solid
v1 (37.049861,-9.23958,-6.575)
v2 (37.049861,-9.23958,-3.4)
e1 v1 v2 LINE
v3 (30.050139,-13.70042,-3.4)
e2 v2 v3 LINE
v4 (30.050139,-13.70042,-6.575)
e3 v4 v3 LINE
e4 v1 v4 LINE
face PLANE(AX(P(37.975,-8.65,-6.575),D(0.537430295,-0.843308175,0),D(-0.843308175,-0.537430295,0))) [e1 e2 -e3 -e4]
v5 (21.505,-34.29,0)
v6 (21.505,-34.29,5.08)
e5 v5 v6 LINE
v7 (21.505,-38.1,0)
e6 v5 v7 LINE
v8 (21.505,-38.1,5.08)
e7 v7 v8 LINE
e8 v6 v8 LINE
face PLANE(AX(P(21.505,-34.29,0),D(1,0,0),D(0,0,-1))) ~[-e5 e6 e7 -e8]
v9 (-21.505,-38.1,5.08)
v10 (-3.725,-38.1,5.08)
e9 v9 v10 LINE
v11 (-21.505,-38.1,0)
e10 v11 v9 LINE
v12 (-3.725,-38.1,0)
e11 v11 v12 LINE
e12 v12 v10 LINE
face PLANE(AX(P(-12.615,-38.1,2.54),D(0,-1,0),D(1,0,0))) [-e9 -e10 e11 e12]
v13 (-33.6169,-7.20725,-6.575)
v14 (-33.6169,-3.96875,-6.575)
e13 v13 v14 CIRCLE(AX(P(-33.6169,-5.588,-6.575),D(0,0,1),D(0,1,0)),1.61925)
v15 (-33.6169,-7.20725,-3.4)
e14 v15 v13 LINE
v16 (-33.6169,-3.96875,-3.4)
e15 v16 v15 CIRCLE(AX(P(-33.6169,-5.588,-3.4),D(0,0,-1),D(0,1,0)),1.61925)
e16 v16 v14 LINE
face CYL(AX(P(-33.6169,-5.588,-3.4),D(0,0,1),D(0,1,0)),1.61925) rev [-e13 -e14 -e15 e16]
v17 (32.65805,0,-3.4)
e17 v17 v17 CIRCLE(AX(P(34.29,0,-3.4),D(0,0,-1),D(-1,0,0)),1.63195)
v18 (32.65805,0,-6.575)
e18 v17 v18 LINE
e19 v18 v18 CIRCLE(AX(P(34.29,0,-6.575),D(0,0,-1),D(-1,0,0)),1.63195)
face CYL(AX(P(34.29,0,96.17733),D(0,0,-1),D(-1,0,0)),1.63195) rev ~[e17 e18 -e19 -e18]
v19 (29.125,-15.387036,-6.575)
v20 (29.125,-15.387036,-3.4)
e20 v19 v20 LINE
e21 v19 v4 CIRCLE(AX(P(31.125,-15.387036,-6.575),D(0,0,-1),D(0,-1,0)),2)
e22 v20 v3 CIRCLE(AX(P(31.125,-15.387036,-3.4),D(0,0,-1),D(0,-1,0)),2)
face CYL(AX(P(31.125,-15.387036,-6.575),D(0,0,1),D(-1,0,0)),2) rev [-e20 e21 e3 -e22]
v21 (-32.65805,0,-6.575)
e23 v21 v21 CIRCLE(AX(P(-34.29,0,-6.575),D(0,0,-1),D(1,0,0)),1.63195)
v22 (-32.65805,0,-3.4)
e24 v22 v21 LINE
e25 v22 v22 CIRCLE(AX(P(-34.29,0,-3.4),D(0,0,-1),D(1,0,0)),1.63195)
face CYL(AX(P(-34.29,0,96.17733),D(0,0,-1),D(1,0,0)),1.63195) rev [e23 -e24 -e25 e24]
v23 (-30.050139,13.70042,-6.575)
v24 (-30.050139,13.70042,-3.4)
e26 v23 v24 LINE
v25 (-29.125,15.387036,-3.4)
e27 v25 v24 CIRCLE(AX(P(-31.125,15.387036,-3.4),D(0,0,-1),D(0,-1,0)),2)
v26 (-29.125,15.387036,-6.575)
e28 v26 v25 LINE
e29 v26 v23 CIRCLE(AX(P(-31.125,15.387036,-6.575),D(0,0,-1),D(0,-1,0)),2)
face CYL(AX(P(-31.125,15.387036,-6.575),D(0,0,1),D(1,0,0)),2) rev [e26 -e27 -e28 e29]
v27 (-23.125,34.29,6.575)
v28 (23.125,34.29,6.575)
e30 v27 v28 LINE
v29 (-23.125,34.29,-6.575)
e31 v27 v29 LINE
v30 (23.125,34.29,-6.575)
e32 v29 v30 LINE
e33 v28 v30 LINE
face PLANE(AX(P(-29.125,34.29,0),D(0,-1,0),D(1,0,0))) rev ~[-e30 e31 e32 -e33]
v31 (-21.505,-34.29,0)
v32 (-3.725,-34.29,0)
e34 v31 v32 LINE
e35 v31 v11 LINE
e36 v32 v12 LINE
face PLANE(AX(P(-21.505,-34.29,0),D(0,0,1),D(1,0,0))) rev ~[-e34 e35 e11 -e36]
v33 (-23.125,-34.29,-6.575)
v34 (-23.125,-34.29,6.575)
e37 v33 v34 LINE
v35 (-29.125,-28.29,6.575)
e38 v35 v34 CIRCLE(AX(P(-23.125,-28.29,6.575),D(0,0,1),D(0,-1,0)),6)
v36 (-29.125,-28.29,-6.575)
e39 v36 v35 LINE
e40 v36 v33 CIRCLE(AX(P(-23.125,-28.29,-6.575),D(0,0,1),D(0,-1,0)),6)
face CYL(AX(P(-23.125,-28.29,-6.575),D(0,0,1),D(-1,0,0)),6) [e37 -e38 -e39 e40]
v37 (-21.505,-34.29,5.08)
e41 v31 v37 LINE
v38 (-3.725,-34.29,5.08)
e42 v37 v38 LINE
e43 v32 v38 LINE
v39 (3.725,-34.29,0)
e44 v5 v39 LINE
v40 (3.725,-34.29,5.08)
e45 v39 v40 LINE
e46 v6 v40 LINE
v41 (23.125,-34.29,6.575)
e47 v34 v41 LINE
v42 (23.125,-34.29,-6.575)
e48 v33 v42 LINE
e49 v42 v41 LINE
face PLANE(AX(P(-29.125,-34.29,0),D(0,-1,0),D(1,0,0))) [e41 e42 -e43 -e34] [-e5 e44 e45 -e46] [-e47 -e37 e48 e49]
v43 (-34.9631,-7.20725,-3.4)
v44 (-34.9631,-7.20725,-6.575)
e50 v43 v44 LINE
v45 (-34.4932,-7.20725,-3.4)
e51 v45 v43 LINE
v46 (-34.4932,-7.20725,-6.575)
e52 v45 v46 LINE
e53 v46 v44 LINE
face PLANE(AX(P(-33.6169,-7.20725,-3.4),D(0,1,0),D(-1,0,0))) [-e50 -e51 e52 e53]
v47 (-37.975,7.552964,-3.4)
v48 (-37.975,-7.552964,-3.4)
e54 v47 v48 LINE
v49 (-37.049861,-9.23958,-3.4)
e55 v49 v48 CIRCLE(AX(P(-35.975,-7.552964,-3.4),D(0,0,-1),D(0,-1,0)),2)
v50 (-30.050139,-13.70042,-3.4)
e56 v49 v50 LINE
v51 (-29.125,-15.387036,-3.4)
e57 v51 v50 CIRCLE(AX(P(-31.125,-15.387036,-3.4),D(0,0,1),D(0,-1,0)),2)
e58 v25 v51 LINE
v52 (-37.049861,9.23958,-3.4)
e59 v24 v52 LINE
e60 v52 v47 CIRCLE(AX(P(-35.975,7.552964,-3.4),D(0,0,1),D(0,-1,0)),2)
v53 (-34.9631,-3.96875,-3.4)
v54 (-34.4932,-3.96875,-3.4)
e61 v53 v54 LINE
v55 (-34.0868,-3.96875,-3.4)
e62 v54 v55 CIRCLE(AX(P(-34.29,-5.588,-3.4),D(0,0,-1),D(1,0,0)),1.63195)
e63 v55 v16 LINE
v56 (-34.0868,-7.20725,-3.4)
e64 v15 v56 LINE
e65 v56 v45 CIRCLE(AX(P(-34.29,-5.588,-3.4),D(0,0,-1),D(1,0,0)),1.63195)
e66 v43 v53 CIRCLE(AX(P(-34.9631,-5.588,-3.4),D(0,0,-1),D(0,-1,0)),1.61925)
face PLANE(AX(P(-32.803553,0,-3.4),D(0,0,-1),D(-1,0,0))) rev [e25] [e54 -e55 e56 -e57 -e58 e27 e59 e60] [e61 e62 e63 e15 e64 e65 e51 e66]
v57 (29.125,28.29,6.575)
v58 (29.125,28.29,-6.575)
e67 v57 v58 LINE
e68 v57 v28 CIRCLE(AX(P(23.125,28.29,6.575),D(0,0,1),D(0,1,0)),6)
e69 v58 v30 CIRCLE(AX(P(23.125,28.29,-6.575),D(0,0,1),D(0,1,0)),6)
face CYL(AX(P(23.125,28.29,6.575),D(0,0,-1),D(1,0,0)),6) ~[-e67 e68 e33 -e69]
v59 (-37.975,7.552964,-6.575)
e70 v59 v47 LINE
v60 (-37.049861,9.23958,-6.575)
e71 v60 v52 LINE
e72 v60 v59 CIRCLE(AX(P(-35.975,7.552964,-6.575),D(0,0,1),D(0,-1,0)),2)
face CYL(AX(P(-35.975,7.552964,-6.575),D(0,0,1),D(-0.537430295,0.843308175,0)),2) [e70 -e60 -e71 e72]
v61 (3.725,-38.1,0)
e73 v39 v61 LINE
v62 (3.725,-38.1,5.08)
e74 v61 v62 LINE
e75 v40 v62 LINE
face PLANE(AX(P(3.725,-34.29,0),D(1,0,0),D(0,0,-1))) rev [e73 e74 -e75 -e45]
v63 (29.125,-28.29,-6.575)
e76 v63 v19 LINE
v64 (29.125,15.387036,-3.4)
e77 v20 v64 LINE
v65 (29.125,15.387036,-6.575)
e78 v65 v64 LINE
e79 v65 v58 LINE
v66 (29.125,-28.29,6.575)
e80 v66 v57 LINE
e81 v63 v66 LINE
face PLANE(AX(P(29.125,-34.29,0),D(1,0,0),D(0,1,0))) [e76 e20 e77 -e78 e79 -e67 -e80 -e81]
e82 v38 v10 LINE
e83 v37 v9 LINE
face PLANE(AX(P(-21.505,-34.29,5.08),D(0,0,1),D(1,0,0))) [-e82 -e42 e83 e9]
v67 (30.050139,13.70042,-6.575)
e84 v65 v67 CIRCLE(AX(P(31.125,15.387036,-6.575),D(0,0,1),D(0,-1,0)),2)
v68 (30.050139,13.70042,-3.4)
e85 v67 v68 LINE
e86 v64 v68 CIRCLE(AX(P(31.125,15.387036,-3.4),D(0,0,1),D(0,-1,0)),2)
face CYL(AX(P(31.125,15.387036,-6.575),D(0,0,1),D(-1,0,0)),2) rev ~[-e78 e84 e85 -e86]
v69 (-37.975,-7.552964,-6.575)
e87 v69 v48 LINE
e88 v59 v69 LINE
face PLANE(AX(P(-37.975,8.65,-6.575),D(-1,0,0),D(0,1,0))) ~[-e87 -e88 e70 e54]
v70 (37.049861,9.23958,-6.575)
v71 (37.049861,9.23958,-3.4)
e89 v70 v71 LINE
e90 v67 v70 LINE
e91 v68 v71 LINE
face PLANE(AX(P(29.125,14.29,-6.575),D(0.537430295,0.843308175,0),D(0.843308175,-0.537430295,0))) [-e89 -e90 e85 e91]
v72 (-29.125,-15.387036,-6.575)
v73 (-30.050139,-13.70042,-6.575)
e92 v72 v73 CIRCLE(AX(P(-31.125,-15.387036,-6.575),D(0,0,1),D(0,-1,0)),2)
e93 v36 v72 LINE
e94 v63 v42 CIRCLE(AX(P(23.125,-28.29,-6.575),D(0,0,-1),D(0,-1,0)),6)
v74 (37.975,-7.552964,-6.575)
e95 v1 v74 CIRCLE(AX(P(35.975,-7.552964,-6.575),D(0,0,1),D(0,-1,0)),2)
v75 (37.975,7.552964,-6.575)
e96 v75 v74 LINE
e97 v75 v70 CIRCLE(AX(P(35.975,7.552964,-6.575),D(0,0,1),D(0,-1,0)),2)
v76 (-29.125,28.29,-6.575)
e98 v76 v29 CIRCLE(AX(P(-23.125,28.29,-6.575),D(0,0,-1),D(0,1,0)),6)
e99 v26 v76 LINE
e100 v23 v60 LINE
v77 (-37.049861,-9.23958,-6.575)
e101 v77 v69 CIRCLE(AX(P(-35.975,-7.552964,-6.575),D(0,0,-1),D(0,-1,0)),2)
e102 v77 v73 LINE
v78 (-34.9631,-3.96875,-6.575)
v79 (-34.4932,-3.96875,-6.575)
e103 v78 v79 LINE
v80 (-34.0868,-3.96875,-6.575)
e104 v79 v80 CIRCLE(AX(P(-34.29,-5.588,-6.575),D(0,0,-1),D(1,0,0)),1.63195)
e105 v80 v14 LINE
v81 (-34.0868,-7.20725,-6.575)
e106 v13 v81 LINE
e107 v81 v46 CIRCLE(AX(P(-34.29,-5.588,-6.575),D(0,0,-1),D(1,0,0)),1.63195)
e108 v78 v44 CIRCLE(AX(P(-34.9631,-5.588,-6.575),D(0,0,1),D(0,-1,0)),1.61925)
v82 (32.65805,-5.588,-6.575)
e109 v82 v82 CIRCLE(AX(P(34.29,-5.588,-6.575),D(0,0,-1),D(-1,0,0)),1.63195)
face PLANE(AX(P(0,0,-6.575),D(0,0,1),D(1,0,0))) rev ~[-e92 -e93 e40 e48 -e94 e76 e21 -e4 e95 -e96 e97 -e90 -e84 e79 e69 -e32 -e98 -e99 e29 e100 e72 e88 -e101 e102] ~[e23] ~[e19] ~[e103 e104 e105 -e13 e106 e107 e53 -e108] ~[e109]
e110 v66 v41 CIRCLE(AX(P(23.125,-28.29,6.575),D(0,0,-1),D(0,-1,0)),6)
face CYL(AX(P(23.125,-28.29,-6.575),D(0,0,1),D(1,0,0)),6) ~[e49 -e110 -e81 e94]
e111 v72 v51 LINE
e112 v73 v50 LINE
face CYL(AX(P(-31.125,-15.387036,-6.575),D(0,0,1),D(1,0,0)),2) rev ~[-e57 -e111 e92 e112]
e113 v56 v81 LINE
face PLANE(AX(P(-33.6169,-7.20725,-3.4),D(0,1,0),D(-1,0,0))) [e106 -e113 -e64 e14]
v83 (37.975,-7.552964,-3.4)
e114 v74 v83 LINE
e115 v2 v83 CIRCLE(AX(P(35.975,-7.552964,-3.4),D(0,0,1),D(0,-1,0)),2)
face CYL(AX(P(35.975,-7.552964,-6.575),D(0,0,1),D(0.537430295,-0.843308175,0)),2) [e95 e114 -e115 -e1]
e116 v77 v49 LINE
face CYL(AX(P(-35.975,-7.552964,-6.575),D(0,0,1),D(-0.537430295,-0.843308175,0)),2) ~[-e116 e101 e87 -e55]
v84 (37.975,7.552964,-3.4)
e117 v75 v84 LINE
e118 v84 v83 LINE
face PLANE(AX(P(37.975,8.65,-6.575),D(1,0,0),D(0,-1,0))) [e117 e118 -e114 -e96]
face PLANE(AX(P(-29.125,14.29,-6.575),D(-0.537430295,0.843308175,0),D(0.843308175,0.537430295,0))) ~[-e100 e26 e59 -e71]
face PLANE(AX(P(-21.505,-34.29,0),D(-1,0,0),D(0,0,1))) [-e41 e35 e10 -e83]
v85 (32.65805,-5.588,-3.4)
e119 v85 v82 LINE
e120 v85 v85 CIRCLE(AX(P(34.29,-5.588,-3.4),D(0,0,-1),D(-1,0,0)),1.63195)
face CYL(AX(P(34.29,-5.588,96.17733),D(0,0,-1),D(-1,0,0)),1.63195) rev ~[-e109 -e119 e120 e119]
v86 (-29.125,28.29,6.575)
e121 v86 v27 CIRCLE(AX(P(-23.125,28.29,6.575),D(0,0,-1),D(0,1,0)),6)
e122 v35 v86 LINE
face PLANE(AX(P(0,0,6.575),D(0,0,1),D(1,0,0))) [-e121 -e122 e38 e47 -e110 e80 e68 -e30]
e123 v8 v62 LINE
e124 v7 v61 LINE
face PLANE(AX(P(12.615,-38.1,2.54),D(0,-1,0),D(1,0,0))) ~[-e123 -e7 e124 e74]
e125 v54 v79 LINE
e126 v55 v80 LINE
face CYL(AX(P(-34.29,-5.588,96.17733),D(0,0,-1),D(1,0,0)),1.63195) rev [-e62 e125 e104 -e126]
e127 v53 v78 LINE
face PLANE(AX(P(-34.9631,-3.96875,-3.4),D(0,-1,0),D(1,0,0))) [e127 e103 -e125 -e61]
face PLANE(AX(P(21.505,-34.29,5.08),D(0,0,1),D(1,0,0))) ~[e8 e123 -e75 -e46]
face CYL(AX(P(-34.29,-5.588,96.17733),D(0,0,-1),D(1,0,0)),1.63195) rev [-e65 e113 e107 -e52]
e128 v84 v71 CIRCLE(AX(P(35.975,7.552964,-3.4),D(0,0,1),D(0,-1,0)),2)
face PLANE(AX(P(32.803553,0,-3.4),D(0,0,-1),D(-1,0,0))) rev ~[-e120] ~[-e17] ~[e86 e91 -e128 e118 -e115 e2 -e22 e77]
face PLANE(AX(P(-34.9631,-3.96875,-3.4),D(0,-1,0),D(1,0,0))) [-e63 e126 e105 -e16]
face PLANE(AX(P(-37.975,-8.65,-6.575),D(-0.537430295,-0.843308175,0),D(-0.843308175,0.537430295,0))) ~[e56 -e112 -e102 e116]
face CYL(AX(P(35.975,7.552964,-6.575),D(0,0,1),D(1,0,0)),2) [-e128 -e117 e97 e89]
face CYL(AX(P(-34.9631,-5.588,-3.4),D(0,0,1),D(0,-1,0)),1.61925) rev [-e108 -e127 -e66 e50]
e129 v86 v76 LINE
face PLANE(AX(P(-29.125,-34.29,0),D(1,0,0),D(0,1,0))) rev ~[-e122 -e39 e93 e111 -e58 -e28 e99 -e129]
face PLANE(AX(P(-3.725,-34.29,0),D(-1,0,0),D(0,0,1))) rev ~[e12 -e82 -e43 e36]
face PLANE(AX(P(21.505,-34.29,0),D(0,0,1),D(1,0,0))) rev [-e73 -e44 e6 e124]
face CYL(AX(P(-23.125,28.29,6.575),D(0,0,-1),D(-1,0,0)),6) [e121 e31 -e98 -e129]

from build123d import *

# Parameters (mm, degrees)
SKETCH1_W                    = 58.25
SKETCH1_H                    = 68.58
BOSS_EXTRUDE1_DEPTH          = 6.575
FILLET1_R                    = 6
BOSS_EXTRUDE2_DEPTH          = 3.175
SKETCH6_W                    = 17.78
SKETCH6_H                    = 5.08
BOSS_EXTRUDE3_DEPTH          = 3.81
F_30_0_1285_DIAMETER_HOLE1_D = 3.2639
FILLET2_R                    = 2
CUT_EXTRUDE1_DEPTH           = 55.710248126


with BuildPart() as part:
    # Sketch1 → Boss-Extrude1 (new, symmetric)
    with BuildSketch(Plane.XY):
        Rectangle(SKETCH1_W, SKETCH1_H)
    extrude(amount=BOSS_EXTRUDE1_DEPTH, both=True)

    # Fillet1
    fillet1_edges = [part.edges().sort_by_distance(p)[0] for p in [
        (29.125, -34.29, 0),
        (-29.125, -34.29, 0),
        (-29.125, 34.29, 0),
        (29.125, 34.29, 0),
    ]]
    fillet(fillet1_edges, radius=FILLET1_R)

    # Sketch2 → Boss-Extrude2 (add)
    with BuildSketch(Plane(origin=(0, 0, -6.575), x_dir=(-1, 0, 0), z_dir=(0, 0, -1))):
        Polygon((-29.125, 14.29), (-37.975, 8.65), (-37.975, -8.65), (-29.125, -14.29), align=None)
    boss_extrude2 = extrude(amount=-BOSS_EXTRUDE2_DEPTH)

    # Sketch6 → Boss-Extrude3 (add)
    with BuildSketch(Plane.XZ.offset(34.29)):
        with Locations((-12.615, 2.54)):
            Rectangle(SKETCH6_W, SKETCH6_H)
    boss_extrude3 = extrude(amount=BOSS_EXTRUDE3_DEPTH)

    # #30 (0.1285) Diameter Hole1 (through all)
    with Locations(Plane.XY.offset(-3.4)):
        with Locations((34.29, 0), (34.29, -5.588)):
            f_30_0_1285_diameter_hole1 = Hole(F_30_0_1285_DIAMETER_HOLE1_D / 2)

    # Mirror1: Boss-Extrude2, Boss-Extrude3, #30 (0.1285) Diameter Hole1 across plane
    add(boss_extrude2.mirror(Plane(origin=(0, 0, 0), x_dir=(0, 0, 1), z_dir=(1, 0, 0))))
    add(boss_extrude3.mirror(Plane(origin=(0, 0, 0), x_dir=(0, 0, 1), z_dir=(1, 0, 0))))
    add(f_30_0_1285_diameter_hole1.mirror(Plane(origin=(0, 0, 0), x_dir=(0, 0, 1), z_dir=(1, 0, 0))), mode=Mode.SUBTRACT)

    # Fillet2
    fillet2_edges = [part.edges().sort_by_distance(p)[0] for p in [
        (29.125, 14.29, -4.9875),
        (29.125, -14.29, -4.9875),
        (37.975, -8.65, -4.9875),
        (37.975, 8.65, -4.9875),
        (-29.125, -14.29, -4.9875),
        (-29.125, 14.29, -4.9875),
        (-37.975, 8.65, -4.9875),
        (-37.975, -8.65, -4.9875),
    ]]
    fillet(fillet2_edges, radius=FILLET2_R)

    # Sketch5 → Cut-Extrude1 (cut, through all)
    with BuildSketch(Plane.XY.offset(-3.4)):
        with BuildLine():
            Line((-33.6169, -7.20725), (-34.9631, -7.20725))
            ThreePointArc((-34.9631, -7.20725), (-36.58235, -5.588), (-34.9631, -3.96875))
            Line((-34.9631, -3.96875), (-33.6169, -3.96875))
            ThreePointArc((-33.6169, -3.96875), (-31.99765, -5.588), (-33.6169, -7.20725))
        make_face()
    extrude(amount=-CUT_EXTRUDE1_DEPTH, mode=Mode.SUBTRACT)


solid = part.part
